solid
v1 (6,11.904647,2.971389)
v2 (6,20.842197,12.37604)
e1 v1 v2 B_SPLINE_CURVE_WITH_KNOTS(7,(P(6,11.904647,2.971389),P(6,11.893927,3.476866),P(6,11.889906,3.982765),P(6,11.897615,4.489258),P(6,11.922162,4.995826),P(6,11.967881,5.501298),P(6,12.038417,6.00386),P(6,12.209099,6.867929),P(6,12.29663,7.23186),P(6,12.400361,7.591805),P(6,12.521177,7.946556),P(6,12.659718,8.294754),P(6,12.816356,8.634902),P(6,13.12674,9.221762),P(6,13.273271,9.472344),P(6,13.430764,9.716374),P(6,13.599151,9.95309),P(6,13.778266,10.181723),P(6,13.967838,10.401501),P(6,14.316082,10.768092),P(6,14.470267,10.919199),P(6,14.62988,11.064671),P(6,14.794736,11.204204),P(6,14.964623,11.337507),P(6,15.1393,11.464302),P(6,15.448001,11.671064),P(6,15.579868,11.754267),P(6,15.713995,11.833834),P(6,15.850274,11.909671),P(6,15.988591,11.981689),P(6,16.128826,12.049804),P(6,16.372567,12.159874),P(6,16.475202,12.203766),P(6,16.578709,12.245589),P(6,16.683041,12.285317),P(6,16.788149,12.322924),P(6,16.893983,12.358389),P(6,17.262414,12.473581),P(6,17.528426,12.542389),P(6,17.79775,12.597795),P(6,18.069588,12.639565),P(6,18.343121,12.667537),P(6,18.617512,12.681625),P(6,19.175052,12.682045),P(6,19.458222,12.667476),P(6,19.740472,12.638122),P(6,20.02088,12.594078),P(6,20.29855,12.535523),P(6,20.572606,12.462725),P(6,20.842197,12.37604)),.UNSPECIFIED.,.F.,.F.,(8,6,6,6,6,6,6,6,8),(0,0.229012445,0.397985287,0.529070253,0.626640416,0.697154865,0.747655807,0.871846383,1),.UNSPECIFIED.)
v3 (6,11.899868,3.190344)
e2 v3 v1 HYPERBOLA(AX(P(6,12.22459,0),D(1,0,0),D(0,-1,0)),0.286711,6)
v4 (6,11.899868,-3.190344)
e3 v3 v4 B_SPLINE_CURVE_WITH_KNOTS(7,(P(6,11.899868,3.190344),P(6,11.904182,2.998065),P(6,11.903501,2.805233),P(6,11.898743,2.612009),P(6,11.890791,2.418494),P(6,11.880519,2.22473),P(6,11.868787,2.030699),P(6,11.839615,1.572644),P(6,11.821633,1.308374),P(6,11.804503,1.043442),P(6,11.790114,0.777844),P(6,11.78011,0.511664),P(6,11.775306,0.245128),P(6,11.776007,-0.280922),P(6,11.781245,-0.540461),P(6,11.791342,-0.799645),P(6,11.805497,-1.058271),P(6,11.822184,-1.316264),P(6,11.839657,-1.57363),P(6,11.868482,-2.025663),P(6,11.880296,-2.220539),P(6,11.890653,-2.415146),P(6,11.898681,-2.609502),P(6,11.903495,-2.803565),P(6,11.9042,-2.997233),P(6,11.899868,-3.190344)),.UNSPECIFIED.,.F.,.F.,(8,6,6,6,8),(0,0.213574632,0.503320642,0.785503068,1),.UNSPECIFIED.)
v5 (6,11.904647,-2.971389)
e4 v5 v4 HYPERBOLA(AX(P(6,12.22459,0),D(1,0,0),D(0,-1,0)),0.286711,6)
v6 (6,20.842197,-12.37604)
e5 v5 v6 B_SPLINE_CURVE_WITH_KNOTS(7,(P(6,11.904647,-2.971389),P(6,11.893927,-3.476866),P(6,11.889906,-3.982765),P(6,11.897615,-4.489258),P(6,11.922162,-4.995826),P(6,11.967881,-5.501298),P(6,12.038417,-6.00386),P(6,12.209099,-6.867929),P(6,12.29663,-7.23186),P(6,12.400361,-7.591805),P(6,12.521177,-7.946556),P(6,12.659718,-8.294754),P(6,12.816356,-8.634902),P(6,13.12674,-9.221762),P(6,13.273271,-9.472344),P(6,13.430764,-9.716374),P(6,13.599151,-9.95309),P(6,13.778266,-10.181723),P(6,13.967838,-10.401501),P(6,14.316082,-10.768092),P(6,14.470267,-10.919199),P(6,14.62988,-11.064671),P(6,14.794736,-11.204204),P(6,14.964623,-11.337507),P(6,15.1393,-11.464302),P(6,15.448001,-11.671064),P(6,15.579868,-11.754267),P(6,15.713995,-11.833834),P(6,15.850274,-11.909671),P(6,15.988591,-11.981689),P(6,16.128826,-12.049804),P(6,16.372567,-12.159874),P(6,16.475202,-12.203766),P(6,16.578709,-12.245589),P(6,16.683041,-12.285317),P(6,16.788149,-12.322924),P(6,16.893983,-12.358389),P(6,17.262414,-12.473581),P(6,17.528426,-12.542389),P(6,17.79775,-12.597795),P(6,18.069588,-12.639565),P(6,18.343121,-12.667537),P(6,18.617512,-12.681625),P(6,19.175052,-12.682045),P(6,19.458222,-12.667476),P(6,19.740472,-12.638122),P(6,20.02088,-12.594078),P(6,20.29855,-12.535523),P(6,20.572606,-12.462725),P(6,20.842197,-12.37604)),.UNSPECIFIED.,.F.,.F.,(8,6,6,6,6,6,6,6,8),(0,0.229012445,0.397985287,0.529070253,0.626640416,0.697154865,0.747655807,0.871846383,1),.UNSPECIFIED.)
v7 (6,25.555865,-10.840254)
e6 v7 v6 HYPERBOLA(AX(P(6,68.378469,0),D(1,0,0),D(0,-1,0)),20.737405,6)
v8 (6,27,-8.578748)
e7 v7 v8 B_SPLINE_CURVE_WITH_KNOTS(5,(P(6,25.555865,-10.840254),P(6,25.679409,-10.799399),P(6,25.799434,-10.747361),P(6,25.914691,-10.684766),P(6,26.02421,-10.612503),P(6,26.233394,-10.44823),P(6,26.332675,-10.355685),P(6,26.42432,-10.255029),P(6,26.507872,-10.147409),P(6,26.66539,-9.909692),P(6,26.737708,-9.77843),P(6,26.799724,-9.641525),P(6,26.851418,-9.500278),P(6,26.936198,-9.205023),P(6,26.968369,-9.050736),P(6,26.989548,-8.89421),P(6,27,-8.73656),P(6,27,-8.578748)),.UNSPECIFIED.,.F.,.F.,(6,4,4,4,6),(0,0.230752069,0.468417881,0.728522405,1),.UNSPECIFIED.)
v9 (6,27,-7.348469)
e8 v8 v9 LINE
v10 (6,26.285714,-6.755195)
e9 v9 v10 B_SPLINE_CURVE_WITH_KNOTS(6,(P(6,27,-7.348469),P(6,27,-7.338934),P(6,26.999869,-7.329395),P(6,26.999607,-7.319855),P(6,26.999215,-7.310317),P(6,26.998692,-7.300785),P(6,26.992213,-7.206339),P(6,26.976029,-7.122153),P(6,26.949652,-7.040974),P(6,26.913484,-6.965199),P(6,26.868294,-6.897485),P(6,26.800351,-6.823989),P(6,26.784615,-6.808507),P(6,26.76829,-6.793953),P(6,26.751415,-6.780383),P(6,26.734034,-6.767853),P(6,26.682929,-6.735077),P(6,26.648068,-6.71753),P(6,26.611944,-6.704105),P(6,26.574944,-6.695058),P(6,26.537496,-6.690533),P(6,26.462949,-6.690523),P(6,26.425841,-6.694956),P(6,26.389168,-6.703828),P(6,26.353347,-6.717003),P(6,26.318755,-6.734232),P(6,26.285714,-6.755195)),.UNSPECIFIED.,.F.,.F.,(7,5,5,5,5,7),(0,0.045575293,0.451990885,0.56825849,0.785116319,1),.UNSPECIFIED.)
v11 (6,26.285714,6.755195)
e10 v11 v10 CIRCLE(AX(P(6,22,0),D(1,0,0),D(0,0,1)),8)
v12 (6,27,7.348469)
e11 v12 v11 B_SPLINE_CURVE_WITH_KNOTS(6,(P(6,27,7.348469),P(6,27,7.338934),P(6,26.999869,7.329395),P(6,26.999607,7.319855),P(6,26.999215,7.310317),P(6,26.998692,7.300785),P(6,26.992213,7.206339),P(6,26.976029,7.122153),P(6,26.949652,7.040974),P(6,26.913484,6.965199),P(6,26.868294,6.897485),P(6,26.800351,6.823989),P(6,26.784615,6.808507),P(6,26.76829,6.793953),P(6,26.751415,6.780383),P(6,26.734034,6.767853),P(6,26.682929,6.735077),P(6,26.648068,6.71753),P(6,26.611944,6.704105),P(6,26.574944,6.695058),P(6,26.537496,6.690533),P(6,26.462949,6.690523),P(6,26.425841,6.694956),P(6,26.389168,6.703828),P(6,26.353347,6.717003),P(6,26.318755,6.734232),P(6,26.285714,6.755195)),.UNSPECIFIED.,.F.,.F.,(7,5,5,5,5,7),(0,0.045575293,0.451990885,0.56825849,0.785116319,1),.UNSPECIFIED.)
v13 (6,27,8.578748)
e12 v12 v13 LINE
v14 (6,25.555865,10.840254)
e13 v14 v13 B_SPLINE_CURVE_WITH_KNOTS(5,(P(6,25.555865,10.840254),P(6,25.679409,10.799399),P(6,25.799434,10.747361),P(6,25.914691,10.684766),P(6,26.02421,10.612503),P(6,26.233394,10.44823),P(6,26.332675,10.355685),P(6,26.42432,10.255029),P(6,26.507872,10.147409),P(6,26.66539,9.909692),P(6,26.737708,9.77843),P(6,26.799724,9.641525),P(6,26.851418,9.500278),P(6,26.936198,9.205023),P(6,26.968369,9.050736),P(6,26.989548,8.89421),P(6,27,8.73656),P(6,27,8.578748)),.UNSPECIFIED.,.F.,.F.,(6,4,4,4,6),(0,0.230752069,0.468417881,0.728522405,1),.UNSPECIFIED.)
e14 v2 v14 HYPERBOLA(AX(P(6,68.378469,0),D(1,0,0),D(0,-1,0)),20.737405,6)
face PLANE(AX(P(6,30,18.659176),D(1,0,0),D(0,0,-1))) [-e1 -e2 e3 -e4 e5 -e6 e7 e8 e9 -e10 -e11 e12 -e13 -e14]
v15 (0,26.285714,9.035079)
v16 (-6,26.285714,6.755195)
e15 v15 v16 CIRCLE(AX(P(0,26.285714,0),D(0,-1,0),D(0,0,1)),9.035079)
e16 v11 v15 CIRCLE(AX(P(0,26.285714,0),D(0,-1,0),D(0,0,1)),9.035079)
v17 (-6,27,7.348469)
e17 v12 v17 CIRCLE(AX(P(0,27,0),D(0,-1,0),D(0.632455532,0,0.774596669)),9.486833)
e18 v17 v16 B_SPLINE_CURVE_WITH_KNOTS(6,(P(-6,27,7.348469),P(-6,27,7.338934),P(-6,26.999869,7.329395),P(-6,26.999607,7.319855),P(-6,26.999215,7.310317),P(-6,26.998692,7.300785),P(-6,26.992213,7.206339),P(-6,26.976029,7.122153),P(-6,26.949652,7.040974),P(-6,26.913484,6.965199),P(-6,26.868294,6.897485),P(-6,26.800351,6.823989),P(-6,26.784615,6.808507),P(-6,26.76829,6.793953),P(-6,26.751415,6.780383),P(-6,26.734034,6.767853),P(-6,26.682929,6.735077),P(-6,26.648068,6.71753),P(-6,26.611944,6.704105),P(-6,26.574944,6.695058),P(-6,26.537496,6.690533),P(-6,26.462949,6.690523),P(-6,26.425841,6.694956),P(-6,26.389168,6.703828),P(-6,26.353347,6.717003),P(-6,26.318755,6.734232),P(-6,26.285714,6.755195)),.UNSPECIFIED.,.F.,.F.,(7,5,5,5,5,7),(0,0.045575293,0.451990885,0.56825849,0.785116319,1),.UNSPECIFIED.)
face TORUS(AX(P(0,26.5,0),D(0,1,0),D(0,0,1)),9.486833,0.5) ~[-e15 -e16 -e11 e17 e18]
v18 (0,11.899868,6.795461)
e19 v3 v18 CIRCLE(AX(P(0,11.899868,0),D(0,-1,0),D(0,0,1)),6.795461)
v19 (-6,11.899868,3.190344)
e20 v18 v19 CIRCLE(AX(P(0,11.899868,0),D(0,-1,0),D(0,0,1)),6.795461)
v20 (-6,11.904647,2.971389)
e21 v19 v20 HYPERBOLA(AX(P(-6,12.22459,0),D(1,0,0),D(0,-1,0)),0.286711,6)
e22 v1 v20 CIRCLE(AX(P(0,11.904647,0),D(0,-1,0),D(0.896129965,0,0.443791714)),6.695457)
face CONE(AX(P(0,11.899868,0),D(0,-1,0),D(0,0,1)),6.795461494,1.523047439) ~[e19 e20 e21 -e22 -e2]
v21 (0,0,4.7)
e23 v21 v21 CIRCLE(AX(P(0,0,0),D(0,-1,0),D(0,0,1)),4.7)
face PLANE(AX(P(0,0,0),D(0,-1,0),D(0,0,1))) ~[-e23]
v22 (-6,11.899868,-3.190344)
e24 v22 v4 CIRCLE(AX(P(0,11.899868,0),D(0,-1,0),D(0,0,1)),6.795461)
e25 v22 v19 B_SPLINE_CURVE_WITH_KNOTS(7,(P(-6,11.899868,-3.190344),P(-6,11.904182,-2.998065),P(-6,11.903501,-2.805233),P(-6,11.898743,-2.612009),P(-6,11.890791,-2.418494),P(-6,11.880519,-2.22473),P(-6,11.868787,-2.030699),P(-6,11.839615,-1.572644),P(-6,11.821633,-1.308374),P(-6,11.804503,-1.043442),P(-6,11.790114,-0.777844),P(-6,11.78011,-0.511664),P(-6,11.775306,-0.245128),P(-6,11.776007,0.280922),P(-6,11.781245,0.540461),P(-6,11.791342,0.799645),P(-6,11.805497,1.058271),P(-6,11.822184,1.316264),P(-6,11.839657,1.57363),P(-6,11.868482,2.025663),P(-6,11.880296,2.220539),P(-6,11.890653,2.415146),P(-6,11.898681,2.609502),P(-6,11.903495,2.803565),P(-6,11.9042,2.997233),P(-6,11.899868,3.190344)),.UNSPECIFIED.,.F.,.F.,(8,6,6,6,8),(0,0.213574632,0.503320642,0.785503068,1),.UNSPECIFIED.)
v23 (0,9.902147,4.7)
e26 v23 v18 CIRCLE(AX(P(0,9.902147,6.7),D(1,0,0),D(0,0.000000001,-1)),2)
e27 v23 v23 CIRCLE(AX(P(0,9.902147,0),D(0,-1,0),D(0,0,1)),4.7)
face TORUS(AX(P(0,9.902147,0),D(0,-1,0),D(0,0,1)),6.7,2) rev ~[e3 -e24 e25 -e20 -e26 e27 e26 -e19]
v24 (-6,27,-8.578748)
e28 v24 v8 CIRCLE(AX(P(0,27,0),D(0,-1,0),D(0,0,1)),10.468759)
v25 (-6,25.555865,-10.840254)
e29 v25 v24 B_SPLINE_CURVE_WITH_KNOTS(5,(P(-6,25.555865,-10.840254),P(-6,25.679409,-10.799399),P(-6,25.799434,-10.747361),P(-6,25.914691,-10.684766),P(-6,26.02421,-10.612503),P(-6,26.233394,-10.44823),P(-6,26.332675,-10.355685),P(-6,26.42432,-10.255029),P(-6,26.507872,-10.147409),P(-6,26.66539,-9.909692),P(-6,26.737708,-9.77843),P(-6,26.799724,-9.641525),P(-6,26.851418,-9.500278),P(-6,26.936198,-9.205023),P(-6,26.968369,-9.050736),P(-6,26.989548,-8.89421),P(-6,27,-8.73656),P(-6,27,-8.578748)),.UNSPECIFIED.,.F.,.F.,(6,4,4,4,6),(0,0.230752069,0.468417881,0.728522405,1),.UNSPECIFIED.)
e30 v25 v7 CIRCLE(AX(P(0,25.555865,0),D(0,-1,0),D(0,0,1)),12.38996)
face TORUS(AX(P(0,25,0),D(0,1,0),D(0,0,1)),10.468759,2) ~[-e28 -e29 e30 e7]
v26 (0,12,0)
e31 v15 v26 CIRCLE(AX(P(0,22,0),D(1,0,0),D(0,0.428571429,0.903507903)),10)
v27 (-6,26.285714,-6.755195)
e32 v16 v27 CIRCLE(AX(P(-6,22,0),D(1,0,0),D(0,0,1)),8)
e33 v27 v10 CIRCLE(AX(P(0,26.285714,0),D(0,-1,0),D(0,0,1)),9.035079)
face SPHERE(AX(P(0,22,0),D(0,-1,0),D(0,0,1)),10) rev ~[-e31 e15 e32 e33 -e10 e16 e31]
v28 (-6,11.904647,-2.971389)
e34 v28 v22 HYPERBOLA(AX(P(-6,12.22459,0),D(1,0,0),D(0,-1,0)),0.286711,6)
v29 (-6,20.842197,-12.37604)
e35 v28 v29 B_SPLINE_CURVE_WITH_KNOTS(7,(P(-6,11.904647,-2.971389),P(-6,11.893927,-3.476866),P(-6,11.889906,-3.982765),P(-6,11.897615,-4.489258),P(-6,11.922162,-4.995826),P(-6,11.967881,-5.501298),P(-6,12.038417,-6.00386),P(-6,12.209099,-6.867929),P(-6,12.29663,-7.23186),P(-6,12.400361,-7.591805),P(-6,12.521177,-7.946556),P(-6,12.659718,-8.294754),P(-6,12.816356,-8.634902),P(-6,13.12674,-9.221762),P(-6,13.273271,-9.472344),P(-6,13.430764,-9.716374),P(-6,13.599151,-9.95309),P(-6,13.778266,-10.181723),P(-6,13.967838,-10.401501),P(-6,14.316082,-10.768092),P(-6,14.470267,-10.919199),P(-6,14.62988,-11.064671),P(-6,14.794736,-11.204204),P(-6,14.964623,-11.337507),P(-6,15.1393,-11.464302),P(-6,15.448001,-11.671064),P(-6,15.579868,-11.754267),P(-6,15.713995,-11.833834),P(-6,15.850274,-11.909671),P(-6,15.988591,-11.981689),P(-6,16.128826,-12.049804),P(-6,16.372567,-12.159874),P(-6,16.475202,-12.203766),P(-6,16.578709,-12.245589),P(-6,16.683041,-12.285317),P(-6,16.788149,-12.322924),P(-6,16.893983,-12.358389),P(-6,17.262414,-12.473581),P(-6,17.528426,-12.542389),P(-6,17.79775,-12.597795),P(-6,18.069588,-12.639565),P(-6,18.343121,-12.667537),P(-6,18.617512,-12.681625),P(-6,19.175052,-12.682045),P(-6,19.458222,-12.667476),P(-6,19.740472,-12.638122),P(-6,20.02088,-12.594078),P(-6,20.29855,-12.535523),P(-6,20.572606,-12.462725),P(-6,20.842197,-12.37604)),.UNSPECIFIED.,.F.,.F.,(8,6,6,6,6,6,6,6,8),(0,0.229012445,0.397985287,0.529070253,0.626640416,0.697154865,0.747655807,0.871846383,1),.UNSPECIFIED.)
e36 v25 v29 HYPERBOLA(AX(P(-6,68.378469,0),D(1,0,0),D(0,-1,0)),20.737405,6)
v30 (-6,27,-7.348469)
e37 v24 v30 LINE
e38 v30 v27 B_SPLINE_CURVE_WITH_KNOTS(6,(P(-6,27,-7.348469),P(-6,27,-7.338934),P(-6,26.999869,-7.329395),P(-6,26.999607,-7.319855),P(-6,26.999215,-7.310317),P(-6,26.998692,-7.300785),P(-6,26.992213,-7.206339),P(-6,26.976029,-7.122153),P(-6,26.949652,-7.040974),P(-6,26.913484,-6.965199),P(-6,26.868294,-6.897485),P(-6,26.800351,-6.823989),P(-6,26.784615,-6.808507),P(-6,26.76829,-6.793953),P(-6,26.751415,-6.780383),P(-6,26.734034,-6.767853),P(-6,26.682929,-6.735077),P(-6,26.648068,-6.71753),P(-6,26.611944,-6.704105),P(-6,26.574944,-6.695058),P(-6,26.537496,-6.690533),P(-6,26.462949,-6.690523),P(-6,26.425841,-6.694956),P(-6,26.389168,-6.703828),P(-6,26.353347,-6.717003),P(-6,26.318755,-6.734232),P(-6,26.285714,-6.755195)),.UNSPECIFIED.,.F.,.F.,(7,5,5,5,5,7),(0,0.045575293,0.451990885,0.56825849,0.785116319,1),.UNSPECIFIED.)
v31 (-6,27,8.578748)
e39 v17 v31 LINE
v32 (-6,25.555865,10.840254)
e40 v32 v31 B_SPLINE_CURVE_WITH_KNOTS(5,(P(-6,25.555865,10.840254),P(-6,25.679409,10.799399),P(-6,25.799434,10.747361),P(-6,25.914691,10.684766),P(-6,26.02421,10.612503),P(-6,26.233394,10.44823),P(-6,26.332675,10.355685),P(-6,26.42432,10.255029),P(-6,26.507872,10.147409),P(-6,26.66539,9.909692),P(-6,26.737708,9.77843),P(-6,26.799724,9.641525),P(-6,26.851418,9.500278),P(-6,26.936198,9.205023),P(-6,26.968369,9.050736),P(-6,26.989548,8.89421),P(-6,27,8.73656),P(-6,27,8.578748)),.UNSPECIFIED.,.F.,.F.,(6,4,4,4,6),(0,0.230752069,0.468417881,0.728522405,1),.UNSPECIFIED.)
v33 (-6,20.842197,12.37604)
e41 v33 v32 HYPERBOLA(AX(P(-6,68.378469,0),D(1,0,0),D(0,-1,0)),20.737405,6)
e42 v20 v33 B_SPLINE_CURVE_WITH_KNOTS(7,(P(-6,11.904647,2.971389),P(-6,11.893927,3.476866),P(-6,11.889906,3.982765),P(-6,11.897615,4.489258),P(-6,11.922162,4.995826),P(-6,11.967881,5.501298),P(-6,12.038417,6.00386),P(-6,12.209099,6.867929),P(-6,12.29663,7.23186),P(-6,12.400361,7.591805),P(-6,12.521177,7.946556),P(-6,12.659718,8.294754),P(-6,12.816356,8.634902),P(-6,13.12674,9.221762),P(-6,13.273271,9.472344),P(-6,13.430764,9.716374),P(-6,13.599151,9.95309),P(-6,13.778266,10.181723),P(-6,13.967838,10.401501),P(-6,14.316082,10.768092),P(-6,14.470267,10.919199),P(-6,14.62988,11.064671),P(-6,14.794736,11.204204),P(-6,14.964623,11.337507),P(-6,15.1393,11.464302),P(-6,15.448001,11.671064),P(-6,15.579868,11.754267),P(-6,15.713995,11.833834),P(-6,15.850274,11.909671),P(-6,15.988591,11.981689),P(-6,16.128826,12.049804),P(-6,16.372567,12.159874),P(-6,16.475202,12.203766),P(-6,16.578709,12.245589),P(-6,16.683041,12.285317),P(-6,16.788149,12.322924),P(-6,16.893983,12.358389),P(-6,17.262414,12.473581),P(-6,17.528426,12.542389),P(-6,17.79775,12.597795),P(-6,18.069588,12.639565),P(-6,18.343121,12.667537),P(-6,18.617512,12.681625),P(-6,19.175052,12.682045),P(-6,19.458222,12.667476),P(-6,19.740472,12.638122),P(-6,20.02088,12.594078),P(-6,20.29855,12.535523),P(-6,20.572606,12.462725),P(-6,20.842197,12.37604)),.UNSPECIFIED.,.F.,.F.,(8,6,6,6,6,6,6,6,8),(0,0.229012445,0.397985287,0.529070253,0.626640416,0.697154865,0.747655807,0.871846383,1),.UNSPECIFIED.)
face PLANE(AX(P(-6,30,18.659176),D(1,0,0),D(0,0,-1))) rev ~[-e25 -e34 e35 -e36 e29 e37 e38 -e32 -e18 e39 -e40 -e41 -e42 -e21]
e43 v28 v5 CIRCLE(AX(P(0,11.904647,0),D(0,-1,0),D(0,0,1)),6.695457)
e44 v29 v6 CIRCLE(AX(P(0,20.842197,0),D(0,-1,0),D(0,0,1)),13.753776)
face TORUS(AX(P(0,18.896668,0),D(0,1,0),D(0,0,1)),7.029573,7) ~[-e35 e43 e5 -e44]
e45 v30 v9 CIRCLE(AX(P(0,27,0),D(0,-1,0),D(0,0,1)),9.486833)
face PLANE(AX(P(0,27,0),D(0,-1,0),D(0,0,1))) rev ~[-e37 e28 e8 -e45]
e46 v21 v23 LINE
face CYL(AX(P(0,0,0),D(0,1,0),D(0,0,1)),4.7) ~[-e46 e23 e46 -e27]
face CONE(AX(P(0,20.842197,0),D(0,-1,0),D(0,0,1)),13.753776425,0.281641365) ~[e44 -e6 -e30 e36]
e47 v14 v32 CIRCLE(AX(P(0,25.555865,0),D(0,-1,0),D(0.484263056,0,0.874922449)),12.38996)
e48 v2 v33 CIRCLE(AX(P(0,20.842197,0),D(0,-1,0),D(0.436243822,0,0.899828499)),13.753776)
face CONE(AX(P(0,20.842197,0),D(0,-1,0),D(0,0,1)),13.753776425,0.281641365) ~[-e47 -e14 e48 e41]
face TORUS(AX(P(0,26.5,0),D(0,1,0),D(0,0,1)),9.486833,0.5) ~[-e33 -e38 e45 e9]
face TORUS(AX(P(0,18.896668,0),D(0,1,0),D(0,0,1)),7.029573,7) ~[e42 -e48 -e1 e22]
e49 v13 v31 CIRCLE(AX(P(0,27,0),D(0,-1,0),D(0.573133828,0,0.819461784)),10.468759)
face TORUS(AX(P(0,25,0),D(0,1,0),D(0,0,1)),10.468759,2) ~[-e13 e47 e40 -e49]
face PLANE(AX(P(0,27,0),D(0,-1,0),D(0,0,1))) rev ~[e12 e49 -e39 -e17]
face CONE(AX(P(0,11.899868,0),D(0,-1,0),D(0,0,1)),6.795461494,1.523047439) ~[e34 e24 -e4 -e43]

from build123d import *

# Parameters (mm, degrees)
CROQUIS3_W            = 12.155845656
CROQUIS3_H            = 36.65917603
CORTAR_EXTRUIR1_DEPTH = 21


with BuildPart() as part:
    # Croquis2 → Revolución1 (revolve)
    with BuildSketch(Plane(origin=(0, 0, 0), x_dir=(0, 0, -1), z_dir=(1, 0, 0))):
        with BuildLine():
            Line((0, 0), (-4.7, 0))
            Line((-4.7, 0), (-4.7, 9.902147454))
            ThreePointArc((-4.7, 9.902147454), (-5.319949818, 11.349718348), (-6.795461494, 11.899867931))
            Line((-6.795461494, 11.899867931), (-6.695457392, 11.904646648))
            ThreePointArc((-6.695457392, 11.904646648), (-12.523047033, 14.558265513), (-13.753776425, 20.842197345))
            Line((-13.753776425, 20.842197345), (-12.389960221, 25.555865437))
            ThreePointArc((-12.389960221, 25.555865437), (-11.670480634, 26.598707427), (-10.468759134, 27))
            Line((-10.468759134, 27), (-9.486832981, 27))
            ThreePointArc((-9.486832981, 27), (-9.064255853, 26.767261242), (-9.035079029, 26.285714286))
            ThreePointArc((-9.035079029, 26.285714286), (-8.451542547, 16.654775162), (0, 12))
            Line((0, 12), (0, 0))
        make_face()
    revolve(axis=Axis((0, 22, 0), (0, -1, 0)))

    # Croquis3 → Cortar-Extruir1 (cut)
    with BuildSketch(Plane(origin=(0, 30, 0), x_dir=(1, 0, 0), z_dir=(0, 1, 0))):
        with Locations((-12.077922828, -0.329588015)):
            Rectangle(CROQUIS3_W, CROQUIS3_H)
        with Locations((12.077922828, -0.329588015)):
            Rectangle(CROQUIS3_W, CROQUIS3_H)
    extrude(amount=-CORTAR_EXTRUIR1_DEPTH, mode=Mode.SUBTRACT)


solid = part.part
